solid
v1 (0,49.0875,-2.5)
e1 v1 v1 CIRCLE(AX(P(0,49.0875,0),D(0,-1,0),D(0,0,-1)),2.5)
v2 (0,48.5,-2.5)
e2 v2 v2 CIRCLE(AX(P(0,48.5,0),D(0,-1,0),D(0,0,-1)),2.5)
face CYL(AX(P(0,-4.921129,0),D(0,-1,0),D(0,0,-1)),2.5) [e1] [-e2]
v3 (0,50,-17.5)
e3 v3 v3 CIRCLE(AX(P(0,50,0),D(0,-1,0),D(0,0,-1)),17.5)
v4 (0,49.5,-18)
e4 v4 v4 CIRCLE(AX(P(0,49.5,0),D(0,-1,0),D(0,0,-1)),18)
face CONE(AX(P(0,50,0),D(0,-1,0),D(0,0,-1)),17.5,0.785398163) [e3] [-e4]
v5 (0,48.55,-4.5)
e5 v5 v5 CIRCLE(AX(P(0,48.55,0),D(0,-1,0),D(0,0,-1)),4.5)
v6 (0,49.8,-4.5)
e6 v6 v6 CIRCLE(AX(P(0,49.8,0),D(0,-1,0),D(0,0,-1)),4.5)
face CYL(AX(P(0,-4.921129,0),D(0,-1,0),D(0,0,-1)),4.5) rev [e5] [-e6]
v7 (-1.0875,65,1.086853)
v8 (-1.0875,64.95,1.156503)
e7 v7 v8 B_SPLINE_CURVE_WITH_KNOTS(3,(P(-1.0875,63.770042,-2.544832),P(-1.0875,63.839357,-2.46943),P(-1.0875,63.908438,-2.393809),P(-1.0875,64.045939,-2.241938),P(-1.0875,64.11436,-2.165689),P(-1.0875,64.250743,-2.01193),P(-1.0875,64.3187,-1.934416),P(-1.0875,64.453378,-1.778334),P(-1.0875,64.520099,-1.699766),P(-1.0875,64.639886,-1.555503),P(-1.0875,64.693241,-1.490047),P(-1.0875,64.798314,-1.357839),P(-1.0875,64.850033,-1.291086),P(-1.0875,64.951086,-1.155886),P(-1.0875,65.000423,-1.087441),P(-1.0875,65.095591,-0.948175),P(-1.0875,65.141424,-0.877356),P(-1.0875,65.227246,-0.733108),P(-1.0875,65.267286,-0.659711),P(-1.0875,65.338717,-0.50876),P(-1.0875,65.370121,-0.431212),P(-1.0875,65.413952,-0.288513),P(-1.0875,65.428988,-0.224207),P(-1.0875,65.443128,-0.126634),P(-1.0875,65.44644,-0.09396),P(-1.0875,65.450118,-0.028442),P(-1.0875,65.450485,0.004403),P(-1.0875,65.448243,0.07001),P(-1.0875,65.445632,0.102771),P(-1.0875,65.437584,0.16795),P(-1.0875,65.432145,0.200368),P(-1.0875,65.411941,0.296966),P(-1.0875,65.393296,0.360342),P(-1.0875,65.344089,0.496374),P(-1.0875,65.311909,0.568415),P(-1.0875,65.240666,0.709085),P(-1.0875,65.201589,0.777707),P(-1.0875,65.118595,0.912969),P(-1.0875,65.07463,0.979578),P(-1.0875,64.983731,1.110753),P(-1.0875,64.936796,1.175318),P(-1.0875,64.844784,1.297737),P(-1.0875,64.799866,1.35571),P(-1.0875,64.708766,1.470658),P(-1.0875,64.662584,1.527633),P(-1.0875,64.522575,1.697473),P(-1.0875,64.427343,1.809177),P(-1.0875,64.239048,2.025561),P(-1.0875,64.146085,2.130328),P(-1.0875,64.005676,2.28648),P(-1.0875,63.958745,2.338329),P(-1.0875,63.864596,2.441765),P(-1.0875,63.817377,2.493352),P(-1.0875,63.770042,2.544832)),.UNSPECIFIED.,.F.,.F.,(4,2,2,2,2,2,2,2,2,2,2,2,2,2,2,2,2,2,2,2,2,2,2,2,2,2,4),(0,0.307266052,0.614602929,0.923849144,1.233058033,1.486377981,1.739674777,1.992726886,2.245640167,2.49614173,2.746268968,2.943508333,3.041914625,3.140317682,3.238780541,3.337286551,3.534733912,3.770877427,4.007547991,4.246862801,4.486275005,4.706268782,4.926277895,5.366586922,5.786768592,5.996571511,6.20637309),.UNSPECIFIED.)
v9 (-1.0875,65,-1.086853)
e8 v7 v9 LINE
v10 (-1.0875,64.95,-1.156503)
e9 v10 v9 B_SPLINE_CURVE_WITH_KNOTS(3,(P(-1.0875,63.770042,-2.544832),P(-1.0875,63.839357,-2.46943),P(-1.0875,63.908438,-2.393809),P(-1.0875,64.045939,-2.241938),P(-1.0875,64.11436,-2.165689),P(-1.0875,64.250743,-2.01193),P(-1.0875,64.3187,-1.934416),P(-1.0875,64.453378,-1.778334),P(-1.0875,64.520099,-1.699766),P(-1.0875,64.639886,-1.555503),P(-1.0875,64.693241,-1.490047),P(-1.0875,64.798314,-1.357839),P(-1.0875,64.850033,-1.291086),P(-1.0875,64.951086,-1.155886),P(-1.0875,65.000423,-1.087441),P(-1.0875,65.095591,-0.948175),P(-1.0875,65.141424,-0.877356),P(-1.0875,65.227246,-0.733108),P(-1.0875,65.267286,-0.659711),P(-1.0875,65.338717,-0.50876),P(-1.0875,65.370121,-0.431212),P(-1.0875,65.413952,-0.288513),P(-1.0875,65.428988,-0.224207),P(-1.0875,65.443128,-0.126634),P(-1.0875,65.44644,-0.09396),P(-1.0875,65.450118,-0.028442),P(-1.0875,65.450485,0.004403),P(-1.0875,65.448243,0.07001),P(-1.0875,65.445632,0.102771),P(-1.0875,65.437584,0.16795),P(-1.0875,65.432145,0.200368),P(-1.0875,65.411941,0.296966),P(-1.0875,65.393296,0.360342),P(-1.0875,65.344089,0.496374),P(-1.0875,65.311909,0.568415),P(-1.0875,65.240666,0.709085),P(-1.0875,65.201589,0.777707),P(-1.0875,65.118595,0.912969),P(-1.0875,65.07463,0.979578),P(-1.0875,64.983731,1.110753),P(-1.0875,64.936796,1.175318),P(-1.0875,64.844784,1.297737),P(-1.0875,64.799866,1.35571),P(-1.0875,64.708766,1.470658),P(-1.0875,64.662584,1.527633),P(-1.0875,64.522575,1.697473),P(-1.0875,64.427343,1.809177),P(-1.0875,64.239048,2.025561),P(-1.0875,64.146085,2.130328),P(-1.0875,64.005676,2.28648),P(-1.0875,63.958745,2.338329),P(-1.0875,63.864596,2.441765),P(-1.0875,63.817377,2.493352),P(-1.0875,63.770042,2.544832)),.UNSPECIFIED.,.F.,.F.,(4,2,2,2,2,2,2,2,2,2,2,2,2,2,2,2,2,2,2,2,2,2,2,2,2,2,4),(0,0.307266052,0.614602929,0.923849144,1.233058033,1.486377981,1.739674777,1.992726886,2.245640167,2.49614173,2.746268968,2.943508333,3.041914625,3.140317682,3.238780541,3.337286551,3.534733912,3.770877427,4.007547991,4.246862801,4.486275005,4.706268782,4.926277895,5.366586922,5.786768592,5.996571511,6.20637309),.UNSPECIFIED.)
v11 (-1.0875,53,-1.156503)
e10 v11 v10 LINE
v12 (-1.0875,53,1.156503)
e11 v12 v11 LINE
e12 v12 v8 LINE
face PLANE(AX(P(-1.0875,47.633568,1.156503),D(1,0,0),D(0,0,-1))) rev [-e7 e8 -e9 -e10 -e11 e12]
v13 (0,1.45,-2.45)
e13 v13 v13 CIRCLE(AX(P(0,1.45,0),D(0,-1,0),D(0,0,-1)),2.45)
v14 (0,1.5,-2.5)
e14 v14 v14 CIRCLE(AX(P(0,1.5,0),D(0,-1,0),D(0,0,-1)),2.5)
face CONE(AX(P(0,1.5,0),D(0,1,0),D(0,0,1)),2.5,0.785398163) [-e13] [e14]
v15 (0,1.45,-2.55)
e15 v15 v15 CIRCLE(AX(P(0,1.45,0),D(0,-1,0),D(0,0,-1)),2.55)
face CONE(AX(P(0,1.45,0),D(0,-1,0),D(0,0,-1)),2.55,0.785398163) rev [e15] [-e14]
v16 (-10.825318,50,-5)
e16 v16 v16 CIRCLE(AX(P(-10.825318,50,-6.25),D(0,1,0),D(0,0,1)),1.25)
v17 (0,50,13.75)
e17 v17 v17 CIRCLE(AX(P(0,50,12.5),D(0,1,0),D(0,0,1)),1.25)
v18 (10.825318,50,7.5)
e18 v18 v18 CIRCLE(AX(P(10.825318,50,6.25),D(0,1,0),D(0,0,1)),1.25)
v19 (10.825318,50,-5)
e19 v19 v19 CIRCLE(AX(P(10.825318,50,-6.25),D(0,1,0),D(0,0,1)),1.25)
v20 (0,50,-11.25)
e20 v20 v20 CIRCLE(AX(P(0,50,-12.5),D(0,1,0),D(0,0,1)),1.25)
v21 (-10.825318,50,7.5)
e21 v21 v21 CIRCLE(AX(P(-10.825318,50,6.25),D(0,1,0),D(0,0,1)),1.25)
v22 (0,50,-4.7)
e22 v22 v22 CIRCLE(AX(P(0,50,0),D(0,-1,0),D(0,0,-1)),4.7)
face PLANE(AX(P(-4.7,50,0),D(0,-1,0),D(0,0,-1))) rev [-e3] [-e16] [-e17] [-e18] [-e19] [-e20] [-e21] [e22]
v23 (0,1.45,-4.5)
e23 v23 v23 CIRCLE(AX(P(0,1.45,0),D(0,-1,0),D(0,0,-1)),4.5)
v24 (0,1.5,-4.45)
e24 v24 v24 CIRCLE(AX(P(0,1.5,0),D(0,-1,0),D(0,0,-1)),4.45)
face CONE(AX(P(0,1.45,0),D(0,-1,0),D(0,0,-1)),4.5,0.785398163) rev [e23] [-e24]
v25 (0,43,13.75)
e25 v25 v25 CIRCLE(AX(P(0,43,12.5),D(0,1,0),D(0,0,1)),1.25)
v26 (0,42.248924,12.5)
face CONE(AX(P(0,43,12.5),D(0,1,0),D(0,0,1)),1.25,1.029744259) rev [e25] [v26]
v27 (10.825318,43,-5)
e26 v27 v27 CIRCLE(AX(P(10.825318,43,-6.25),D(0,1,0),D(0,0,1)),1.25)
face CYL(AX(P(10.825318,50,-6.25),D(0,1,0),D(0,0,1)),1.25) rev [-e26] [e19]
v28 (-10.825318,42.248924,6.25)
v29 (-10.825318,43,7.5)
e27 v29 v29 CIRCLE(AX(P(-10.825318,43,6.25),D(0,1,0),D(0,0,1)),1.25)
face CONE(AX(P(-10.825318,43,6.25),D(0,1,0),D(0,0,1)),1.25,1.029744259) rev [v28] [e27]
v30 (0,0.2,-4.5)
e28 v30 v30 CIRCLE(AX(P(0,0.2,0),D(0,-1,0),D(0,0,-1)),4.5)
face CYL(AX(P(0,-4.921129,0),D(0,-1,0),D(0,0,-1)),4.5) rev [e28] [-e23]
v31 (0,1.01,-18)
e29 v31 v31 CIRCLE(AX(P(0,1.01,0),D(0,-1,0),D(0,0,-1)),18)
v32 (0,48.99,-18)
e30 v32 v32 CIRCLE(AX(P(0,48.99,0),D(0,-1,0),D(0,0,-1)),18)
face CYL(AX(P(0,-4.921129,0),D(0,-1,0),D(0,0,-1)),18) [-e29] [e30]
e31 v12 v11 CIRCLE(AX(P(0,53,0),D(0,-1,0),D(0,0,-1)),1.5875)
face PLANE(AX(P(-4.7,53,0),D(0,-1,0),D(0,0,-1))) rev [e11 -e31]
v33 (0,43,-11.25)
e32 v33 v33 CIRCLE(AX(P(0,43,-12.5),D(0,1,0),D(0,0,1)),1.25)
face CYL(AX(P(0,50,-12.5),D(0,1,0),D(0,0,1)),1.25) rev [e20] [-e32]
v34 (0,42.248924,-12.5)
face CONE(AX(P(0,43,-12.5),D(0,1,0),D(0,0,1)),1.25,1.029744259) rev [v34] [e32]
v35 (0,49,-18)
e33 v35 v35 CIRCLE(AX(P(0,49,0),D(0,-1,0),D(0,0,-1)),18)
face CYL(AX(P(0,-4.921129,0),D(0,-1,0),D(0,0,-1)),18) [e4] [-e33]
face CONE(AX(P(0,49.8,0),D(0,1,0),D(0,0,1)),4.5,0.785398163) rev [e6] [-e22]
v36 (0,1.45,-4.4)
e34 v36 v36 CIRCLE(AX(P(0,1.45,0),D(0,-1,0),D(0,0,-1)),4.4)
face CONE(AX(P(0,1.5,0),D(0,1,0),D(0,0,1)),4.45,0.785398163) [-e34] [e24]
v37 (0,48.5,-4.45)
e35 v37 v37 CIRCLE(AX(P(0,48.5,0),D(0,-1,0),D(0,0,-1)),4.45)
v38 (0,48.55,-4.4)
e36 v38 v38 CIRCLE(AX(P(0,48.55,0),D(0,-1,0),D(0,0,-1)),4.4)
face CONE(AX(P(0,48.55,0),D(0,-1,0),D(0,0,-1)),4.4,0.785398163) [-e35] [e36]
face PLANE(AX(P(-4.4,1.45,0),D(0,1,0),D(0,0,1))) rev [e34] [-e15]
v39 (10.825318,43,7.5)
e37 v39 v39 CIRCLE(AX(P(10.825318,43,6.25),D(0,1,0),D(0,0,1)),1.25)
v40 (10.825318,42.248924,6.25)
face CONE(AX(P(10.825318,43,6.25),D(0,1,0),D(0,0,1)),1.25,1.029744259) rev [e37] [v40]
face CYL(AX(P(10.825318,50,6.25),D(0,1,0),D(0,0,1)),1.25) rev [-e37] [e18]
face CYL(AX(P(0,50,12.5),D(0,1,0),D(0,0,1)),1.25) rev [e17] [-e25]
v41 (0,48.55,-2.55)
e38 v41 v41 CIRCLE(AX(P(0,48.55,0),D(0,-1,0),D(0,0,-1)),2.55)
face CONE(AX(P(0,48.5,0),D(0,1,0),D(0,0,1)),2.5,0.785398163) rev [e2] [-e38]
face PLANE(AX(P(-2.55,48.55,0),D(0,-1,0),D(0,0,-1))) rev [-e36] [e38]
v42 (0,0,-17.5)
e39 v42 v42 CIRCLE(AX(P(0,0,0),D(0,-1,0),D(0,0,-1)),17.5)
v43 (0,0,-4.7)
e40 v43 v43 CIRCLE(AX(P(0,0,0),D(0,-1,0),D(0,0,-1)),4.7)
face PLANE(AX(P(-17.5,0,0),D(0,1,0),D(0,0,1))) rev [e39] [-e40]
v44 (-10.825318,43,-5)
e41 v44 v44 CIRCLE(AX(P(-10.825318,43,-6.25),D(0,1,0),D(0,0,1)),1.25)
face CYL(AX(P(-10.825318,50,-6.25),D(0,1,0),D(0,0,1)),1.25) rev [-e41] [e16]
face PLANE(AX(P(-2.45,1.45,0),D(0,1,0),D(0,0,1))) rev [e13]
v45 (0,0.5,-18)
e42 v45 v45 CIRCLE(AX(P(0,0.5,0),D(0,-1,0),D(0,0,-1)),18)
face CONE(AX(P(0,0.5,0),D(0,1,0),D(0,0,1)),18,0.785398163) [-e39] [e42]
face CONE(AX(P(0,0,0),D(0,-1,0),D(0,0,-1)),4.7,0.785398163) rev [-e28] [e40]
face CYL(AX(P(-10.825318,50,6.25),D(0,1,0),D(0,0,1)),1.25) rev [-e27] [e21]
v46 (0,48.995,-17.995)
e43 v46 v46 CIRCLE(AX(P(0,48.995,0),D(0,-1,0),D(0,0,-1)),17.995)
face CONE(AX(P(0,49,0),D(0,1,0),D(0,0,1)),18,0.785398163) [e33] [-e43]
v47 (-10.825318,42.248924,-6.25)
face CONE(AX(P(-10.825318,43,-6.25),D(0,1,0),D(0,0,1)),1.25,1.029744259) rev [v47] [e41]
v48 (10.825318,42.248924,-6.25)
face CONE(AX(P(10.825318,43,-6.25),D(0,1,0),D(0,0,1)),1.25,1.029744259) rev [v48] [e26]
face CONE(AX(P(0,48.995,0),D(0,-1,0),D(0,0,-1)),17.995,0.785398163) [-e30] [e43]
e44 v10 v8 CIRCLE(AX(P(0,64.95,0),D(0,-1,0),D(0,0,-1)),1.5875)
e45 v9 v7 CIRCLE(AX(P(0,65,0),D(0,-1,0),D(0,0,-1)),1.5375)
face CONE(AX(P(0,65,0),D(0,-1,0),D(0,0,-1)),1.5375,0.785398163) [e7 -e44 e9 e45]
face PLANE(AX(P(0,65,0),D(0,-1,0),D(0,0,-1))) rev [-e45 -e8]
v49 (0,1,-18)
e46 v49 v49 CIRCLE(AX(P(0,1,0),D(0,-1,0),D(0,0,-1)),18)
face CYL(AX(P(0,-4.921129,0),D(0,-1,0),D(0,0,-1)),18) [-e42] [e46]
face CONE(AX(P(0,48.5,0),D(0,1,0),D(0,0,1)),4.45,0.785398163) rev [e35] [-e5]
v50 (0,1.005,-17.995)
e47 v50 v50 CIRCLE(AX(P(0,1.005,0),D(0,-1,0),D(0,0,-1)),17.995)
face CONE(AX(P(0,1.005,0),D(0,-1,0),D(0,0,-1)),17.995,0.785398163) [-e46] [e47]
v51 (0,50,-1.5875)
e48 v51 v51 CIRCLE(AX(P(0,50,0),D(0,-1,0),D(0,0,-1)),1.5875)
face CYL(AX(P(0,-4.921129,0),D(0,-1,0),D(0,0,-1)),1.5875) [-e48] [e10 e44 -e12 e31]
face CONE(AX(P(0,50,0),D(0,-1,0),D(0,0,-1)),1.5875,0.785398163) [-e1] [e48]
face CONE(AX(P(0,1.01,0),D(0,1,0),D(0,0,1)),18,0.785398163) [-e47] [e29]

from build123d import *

# Parameters (mm, degrees)
ESQUISSE2_W                  = 0.5
ESQUISSE2_H                  = 2.313006702
ENL_V_MAT_EXTRU_1_DEPTH      = 12
R_P_TITION_CIRCULAIRE1_COUNT = 6


with BuildPart() as part:
    # Esquisse1 → Révolution1 (revolve)
    with BuildSketch(Plane.XY, mode=Mode.PRIVATE) as r_volution1_sk:
        Polygon((0, 65), (-1.5375, 65), (-1.5875, 64.95), (-1.5875, 50), (-2.5, 49.0875), (-2.5, 48.5), (-2.55, 48.55), (-4.4, 48.55), (-4.45, 48.5), (-4.5, 48.55), (-4.5, 49.8), (-4.7, 50), (-17.5, 50), (-18, 49.5), (-18, 49), (-17.995, 48.995), (-18, 48.99), (-18, 1.01), (-17.995, 1.005), (-18, 1), (-18, 0.5), (-17.5, 0), (-4.7, 0), (-4.5, 0.2), (-4.5, 1.45), (-4.45, 1.5), (-4.4, 1.45), (-2.55, 1.45), (-2.5, 1.5), (-2.45, 1.45), (0, 1.45), align=None)
    revolve(r_volution1_sk.sketch.rotate(Axis((0, -4.92112906, 0), (0, 1, 0)), 270), axis=Axis((0, -4.92112906, 0), (0, 1, 0)))

    # Esquisse2 → Enlèv. mat.-Extru.1 (cut)
    with BuildSketch(Plane(origin=(0, 65, 0), x_dir=(1, 0, 0), z_dir=(0, 1, 0))):
        with Locations((-1.3375, 0)):
            Rectangle(ESQUISSE2_W, ESQUISSE2_H)
    extrude(amount=-ENL_V_MAT_EXTRU_1_DEPTH, mode=Mode.SUBTRACT)

    # Esquisse4 → Trou taraudé M31 (revolve, cut)
    with BuildSketch(Plane(origin=(0, 50, -12.5), x_dir=(0, 0, 1), z_dir=(1, 0, 0))):
        Polygon((0, 0), (0, 7.751075774), (1.25, 7), (1.25, 0), align=None)
    trou_taraud_m31 = revolve(axis=Axis((0, 56.35, -12.5), (0, -1, 0)), mode=Mode.SUBTRACT)

    # Répétition circulaire1: Trou taraudé M31 ×6 about axis
    r_p_tition_circulaire1_axis = Axis((0, 0, 0), (0, 1, 0))
    for i in range(1, R_P_TITION_CIRCULAIRE1_COUNT):
        add(trou_taraud_m31.rotate(r_p_tition_circulaire1_axis, i * 360 / R_P_TITION_CIRCULAIRE1_COUNT), mode=Mode.SUBTRACT)


solid = part.part
